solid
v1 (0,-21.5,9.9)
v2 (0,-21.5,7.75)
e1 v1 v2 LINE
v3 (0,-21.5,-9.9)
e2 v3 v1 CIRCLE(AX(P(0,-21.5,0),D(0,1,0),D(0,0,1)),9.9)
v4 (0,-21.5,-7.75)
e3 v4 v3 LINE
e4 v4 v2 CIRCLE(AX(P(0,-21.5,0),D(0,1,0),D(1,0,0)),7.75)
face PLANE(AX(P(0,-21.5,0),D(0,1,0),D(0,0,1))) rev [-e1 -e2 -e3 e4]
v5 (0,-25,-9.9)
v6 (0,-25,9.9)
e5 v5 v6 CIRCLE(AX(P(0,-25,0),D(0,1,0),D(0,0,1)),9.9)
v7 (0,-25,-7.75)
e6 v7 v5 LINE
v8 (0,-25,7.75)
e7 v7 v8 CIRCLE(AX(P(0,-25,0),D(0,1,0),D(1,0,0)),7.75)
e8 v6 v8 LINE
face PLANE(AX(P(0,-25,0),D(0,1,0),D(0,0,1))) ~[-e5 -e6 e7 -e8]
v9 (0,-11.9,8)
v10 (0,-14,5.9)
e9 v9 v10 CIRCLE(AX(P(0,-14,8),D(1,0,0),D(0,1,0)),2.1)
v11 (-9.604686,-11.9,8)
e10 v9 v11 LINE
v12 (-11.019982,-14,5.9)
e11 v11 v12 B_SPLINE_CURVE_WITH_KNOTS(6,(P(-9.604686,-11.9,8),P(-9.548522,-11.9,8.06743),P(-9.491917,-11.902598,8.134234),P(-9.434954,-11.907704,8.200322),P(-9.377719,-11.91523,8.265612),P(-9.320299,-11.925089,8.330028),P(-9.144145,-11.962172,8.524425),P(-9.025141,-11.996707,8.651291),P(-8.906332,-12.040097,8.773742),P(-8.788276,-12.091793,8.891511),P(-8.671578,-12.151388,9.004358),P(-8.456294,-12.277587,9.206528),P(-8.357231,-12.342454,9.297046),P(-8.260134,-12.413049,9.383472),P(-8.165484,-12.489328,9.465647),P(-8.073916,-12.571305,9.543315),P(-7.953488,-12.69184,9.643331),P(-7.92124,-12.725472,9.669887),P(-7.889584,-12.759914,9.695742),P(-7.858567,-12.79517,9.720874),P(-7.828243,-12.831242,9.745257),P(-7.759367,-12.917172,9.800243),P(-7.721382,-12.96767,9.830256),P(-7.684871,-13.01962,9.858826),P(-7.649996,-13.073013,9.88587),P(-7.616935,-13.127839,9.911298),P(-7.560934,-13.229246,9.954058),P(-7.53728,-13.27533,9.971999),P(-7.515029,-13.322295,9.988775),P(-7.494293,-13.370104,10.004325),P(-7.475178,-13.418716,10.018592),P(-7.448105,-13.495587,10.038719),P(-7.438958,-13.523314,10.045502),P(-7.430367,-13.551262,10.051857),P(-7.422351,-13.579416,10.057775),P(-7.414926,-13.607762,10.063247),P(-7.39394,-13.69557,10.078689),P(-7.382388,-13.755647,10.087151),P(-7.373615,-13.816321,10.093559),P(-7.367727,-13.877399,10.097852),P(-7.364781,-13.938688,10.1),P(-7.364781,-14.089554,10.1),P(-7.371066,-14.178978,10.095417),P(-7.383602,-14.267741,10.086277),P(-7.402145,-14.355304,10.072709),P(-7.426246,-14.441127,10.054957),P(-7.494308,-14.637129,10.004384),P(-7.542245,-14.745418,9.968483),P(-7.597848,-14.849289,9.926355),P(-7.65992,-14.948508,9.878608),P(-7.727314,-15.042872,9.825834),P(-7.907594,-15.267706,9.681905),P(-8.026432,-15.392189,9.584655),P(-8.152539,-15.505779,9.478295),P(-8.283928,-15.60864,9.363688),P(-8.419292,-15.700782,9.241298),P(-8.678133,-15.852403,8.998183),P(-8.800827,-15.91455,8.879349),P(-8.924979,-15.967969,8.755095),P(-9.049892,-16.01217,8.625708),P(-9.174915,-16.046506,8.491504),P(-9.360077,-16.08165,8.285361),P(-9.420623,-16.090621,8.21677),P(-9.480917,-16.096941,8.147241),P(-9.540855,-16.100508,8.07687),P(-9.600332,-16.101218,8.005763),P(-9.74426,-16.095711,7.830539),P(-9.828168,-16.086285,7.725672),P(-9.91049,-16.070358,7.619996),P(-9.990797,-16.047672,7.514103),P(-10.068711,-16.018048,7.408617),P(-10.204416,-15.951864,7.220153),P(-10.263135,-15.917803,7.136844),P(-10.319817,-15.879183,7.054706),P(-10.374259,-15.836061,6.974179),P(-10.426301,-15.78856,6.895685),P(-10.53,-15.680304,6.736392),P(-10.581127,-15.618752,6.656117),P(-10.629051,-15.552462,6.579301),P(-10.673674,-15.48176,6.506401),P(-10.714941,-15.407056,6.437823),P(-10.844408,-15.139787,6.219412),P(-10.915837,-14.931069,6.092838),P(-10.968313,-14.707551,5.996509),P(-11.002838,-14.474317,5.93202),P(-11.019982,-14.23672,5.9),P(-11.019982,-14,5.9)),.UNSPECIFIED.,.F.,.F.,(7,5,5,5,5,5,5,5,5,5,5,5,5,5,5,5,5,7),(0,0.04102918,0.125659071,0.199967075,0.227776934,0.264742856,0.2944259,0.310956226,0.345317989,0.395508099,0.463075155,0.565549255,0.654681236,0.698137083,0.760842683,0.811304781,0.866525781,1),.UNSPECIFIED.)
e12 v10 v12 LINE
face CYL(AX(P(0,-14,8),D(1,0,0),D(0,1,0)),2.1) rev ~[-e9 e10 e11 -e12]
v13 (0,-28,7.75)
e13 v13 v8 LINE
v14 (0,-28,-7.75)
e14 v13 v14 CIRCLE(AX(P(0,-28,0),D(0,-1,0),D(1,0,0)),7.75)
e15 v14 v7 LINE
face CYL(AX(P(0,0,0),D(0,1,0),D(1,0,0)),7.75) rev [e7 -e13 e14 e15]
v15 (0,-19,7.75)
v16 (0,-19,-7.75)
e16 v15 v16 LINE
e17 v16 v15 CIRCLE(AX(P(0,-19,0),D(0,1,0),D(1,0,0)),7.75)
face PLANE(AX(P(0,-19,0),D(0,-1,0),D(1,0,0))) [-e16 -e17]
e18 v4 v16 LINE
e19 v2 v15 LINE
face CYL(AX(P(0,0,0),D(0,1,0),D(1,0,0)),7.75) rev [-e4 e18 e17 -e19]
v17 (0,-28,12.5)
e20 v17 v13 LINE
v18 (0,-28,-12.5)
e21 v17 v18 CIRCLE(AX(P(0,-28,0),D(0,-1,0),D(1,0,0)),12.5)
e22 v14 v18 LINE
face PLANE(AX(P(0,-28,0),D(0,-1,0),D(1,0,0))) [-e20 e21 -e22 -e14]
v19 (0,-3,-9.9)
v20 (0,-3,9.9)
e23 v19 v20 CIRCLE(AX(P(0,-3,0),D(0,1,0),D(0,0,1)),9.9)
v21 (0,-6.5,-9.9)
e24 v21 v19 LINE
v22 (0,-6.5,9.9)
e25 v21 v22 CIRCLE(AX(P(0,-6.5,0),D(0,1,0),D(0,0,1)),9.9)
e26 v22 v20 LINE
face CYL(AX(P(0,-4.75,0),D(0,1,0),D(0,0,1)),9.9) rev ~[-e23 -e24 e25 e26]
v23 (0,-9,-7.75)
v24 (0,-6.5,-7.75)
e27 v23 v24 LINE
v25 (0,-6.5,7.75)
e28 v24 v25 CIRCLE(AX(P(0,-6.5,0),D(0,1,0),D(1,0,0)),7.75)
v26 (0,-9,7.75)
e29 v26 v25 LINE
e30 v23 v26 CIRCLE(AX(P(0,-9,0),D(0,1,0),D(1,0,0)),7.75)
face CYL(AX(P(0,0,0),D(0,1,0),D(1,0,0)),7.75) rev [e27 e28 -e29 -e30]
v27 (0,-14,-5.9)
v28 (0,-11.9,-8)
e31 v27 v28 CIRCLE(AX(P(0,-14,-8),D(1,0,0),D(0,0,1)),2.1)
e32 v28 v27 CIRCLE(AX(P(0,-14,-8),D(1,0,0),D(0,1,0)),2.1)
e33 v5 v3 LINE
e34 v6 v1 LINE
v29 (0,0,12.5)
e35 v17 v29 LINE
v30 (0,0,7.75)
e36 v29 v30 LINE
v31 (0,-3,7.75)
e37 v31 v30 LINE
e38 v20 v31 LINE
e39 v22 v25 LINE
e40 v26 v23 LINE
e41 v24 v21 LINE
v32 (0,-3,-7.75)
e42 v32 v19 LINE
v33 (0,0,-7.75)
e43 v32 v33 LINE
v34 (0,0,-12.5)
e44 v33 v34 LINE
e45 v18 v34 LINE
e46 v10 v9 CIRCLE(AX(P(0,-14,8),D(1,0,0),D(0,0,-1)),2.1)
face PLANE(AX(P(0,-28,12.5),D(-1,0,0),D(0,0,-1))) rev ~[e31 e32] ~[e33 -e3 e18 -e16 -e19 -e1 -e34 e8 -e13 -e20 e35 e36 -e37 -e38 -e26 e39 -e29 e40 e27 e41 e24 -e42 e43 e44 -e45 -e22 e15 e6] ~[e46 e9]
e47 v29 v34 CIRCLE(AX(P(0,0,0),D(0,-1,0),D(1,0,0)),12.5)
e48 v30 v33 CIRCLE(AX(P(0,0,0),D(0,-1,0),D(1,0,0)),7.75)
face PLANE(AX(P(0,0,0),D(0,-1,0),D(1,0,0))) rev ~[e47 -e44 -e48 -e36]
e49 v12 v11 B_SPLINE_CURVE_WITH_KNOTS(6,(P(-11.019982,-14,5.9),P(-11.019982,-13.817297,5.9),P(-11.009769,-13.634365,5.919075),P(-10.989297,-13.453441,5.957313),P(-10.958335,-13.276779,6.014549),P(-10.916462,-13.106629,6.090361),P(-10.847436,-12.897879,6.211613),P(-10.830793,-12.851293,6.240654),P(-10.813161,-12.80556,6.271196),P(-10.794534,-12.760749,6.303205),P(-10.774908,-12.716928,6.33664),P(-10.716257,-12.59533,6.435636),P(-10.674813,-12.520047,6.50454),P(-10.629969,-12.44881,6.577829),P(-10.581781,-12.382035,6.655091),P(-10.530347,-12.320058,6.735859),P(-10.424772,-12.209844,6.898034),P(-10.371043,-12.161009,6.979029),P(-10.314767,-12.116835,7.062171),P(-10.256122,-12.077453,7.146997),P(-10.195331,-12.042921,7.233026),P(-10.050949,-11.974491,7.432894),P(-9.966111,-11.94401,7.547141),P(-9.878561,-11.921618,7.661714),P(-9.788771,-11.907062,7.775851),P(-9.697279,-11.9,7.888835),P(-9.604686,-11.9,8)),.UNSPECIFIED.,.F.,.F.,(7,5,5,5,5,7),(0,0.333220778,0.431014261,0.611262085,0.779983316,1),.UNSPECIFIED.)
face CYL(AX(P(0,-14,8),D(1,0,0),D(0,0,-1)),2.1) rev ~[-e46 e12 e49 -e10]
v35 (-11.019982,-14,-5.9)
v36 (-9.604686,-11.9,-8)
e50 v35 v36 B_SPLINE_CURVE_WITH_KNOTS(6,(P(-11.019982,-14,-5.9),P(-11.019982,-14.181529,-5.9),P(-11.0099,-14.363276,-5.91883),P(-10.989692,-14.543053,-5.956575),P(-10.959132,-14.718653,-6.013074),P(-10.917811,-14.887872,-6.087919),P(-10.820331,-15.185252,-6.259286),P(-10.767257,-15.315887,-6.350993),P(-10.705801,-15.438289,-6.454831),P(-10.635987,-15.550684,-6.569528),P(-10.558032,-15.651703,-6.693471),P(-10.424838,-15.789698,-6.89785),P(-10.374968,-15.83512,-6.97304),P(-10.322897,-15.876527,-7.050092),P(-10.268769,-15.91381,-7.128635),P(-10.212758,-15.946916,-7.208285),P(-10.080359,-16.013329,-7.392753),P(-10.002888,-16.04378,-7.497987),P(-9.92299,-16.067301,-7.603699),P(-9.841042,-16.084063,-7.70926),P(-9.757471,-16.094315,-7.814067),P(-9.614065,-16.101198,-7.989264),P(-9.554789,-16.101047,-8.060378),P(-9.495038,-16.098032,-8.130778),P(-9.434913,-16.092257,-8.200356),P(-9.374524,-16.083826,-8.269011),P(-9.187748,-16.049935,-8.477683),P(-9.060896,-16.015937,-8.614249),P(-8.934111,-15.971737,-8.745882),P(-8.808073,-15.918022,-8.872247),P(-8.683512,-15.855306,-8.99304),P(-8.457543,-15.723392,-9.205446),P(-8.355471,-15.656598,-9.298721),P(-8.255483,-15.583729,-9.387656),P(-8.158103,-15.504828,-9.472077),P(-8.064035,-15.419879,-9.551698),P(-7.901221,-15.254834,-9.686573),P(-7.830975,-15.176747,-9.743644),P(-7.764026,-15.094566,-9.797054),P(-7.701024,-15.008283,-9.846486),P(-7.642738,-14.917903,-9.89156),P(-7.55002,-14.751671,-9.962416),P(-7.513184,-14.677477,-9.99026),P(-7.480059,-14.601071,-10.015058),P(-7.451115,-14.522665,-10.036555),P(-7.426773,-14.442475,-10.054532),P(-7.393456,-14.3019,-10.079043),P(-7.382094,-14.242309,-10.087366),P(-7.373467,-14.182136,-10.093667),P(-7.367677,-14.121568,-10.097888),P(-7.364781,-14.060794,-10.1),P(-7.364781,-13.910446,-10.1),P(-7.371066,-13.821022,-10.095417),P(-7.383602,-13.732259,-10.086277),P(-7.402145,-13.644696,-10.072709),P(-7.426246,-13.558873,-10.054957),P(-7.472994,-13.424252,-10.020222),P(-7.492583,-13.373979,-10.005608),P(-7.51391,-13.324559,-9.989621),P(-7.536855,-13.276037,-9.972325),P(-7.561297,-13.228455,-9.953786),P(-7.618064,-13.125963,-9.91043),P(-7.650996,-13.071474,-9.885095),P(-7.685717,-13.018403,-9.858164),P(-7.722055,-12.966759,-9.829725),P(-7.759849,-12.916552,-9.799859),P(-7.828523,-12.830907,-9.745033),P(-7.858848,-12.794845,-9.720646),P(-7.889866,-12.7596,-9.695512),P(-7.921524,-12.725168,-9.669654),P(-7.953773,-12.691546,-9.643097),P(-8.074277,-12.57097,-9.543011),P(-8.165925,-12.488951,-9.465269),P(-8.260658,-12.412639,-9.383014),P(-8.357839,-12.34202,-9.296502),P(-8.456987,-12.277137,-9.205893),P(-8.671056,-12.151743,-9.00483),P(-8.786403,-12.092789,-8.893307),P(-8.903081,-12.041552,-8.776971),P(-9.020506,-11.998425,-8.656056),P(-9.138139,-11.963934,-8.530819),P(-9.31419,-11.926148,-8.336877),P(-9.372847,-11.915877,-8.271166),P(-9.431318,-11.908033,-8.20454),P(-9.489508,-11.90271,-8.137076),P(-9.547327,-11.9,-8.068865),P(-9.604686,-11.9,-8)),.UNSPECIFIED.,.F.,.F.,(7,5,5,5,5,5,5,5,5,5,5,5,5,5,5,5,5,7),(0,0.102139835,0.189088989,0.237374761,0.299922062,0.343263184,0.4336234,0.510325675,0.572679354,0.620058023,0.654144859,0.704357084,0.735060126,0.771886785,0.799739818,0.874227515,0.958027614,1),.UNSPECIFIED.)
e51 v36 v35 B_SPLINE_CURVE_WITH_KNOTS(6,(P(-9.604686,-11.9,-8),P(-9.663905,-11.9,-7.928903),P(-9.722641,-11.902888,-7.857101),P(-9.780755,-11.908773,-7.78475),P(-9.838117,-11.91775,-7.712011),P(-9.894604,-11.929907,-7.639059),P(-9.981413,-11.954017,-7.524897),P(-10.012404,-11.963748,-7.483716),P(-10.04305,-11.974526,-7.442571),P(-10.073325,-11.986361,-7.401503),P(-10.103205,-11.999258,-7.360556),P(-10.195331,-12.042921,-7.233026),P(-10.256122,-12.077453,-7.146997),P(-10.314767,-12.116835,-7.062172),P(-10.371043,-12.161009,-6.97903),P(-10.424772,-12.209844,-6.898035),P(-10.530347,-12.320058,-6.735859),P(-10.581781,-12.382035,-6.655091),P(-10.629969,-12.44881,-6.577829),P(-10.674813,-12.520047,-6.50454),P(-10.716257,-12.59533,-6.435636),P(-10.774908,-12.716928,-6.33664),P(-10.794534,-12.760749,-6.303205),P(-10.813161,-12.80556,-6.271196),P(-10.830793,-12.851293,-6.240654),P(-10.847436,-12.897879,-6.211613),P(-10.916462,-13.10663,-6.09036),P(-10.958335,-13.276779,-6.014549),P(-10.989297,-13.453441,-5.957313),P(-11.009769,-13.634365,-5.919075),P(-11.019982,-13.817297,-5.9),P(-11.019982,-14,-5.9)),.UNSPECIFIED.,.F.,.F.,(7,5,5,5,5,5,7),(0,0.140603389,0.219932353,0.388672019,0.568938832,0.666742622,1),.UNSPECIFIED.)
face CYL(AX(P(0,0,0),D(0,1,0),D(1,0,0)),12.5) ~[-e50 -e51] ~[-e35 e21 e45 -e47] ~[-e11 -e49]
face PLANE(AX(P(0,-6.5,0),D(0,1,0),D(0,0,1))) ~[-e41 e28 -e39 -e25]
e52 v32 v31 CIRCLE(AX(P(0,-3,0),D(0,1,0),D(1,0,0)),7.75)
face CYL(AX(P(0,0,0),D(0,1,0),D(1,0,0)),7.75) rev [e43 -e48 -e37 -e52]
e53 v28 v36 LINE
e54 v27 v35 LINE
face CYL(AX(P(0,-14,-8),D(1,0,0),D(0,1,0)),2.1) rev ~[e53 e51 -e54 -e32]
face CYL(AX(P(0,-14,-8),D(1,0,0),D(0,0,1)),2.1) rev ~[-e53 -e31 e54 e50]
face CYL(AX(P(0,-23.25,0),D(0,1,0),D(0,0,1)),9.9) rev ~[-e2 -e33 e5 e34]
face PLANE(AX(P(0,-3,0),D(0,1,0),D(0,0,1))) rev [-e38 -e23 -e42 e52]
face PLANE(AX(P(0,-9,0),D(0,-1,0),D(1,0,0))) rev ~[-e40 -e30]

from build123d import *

# Parameters (mm, degrees)
F0_R      = 12.5
F0_R_2    = 7.75
F1_DEPTH  = 28
F2_W      = 3.5
F2_H      = 7.3783658981
F5_R      = 8.5
F6_DEPTH  = 5
F8_DEPTH  = 12.5
F10_DEPTH = 30


with BuildPart() as f1:
    # F0 (on Front) → F1 (new body)
    with BuildSketch(Plane.XZ):
        Circle(F0_R)
        Circle(F0_R_2, mode=Mode.SUBTRACT)
    extrude(amount=F1_DEPTH)

    # F2 (on Right) → F3 (revolve, cut)
    with BuildSketch(Plane.YZ):
        with Locations((-23.25, 6.2108170509)):
            Rectangle(F2_W, F2_H)
        with Locations((-4.75, 6.2108170509)):
            Rectangle(F2_W, F2_H)
    revolve(axis=Axis((0, -29.1106614321, 0), (0, 1, 0)), mode=Mode.SUBTRACT)

    # F5 (on mid) → F6 (join, symmetric)
    with BuildSketch(Plane.XZ.offset(14)):
        Circle(F5_R)
    extrude(amount=F6_DEPTH, both=True)

    # F7 (on Right) → F8 (cut, symmetric)
    with BuildSketch(Plane.YZ):
        with BuildLine():
            ThreePointArc((-11.9, 8), (-15.4849242405, 9.4849242405), (-14, 5.9))
            ThreePointArc((-14, 5.9), (-12.5150757595, 6.5150757595), (-11.9, 8))
        make_face()
        with BuildLine():
            ThreePointArc((-11.9, -8), (-12.5150757595, -6.5150757595), (-14, -5.9))
            ThreePointArc((-14, -5.9), (-15.4849242405, -9.4849242405), (-11.9, -8))
        make_face()
    extrude(amount=F8_DEPTH, both=True, mode=Mode.SUBTRACT)

    # F9 (on face) → F10 (cut)
    with BuildSketch(Plane.XZ.offset(28)):
        with BuildLine():
            Line((0, 12.5), (0, 7.75))
            ThreePointArc((0, 7.75), (5.4800775542, 5.4800775542), (7.75, 0))
            ThreePointArc((7.75, 0), (5.4800775542, -5.4800775542), (0, -7.75))
            Line((0, -7.75), (0, -12.5))
            ThreePointArc((0, -12.5), (8.8388347648, -8.8388347648), (12.5, 0))
            ThreePointArc((12.5, 0), (8.8388347648, 8.8388347648), (0, 12.5))
        make_face()
        with BuildLine():
            Line((0, 7.75), (0, -2.1648029558))
            Line((0, -2.1648029558), (0, -7.75))
            ThreePointArc((0, -7.75), (5.4800775542, -5.4800775542), (7.75, 0))
            ThreePointArc((7.75, 0), (5.4800775542, 5.4800775542), (0, 7.75))
        make_face()
    extrude(amount=-F10_DEPTH, mode=Mode.SUBTRACT)


solid = f1.part
